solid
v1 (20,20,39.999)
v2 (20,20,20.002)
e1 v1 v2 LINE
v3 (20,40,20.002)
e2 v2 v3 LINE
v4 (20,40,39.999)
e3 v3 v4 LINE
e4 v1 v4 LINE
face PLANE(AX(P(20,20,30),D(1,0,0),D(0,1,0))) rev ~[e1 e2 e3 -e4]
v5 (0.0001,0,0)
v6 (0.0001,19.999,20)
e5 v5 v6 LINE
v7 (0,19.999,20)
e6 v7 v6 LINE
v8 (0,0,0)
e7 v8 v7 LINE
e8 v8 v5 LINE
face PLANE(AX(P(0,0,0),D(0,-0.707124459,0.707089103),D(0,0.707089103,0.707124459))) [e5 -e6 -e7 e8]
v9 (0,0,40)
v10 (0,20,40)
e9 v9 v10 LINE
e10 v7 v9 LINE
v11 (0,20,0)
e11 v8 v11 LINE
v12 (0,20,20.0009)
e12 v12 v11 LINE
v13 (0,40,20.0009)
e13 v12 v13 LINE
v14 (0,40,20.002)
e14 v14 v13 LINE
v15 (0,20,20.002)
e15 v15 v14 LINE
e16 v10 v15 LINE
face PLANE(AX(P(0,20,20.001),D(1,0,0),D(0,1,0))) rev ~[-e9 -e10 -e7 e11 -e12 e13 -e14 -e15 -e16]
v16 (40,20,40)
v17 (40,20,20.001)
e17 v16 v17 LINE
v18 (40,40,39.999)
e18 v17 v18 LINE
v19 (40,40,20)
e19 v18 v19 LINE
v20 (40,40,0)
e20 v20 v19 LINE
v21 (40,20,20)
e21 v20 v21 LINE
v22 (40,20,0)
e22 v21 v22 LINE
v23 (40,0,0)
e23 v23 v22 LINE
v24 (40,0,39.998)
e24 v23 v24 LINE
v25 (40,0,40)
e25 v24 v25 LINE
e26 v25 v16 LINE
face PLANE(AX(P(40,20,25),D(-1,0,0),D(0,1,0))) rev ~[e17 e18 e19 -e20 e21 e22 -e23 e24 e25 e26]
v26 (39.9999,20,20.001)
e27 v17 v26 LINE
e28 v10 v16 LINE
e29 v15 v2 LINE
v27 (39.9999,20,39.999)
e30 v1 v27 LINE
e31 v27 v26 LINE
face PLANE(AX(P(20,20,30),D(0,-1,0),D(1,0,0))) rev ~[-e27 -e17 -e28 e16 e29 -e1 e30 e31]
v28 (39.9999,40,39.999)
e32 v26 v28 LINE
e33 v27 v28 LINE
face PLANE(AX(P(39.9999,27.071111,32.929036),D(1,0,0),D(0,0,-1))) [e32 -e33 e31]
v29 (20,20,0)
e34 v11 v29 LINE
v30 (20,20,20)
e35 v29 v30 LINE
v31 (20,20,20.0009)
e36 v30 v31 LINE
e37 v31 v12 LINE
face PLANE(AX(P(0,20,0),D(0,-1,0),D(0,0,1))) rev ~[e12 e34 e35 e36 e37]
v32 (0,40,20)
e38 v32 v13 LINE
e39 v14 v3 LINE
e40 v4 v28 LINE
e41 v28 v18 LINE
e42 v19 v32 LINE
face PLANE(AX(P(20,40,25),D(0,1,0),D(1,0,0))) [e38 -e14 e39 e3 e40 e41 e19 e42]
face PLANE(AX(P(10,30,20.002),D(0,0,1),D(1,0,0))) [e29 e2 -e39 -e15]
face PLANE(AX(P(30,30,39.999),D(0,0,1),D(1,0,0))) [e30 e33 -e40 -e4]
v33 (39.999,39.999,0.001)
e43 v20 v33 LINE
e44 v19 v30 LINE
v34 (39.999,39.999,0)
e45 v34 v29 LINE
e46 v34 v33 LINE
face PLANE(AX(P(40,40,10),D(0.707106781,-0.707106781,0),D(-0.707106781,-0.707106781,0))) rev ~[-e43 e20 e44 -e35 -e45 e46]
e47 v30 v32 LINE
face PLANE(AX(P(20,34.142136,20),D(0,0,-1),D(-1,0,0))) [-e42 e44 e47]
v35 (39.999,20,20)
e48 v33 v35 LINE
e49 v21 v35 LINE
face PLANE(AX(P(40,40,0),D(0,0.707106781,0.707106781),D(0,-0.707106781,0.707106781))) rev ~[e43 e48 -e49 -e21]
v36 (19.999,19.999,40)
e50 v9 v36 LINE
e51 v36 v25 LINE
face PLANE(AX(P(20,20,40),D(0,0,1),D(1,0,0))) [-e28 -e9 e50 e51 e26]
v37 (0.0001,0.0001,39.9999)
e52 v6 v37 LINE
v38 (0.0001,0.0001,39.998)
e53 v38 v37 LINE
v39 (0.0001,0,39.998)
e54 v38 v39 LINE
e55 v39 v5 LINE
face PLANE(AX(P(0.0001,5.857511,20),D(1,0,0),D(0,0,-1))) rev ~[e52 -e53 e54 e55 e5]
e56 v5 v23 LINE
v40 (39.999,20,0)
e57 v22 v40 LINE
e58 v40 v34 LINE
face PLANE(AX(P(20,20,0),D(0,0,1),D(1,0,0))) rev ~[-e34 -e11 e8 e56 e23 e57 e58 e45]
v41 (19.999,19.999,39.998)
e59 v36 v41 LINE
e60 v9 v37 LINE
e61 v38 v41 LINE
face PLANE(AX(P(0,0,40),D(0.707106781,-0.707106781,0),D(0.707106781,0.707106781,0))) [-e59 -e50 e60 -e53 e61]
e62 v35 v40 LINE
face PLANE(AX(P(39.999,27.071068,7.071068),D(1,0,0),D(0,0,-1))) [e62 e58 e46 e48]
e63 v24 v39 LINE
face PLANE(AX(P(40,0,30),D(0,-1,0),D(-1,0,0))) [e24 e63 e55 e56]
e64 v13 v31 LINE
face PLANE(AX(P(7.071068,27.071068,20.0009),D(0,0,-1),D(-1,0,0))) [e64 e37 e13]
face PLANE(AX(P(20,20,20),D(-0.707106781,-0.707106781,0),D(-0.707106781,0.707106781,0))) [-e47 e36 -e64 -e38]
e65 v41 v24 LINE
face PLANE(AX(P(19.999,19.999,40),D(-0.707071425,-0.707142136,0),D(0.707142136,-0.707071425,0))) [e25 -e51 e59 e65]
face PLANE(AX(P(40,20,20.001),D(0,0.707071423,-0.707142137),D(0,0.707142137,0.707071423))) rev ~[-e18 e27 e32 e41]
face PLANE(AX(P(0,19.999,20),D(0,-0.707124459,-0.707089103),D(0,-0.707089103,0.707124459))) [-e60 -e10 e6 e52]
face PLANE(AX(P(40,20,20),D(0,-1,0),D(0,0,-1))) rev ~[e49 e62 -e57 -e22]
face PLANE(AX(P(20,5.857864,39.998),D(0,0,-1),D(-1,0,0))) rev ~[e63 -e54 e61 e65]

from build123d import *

# Parameters (mm, degrees)
SKETCH1_W           = 40
SKETCH1_H           = 40
BOSS_EXTRUDE1_DEPTH = 40
SKETCH2_W           = 20
SKETCH2_H           = 20
CUT_EXTRUDE1_DEPTH  = 20
SKETCH3_W           = 20
SKETCH3_H           = 20
CUT_EXTRUDE2_DEPTH  = 10
CUT_EXTRUDE7_DEPTH  = 10
SKETCH8_W           = 20
SKETCH8_H           = 20
BOSS_EXTRUDE2_DEPTH = 10
CUT_EXTRUDE8_DEPTH  = 10
SKETCH10_W          = 20
SKETCH10_H          = 20
CUT_EXTRUDE9_DEPTH  = 5
CUT_EXTRUDE13_DEPTH = 10
SKETCH13_W          = 20
SKETCH13_H          = 20
CUT_EXTRUDE15_DEPTH = 20
CUT_EXTRUDE16_DEPTH = 0.001
CUT_EXTRUDE21_DEPTH = 0.001
SKETCH17_W          = 20
SKETCH17_H          = 20
BOSS_EXTRUDE5_DEPTH = 14.999
CUT_EXTRUDE23_DEPTH = 0.0001
BOSS_EXTRUDE6_DEPTH = 0.0001
SKETCH21_W          = 20
SKETCH21_H          = 20
CUT_EXTRUDE25_DEPTH = 9.998
BOSS_EXTRUDE7_DEPTH = 9.998
CUT_EXTRUDE26_DEPTH = 0.0001


with BuildPart() as part:
    # Sketch1 → Boss-Extrude1 (new body)
    with BuildSketch(Plane.XY):
        with Locations((20, 20)):
            Rectangle(SKETCH1_W, SKETCH1_H)
    extrude(amount=BOSS_EXTRUDE1_DEPTH)

    # Sketch2 → Cut-Extrude1 (cut)
    with BuildSketch(Plane.XY.offset(40)):
        with Locations((30, 30)):
            Rectangle(SKETCH2_W, SKETCH2_H)
    extrude(amount=-CUT_EXTRUDE1_DEPTH, mode=Mode.SUBTRACT)

    # Sketch3 → Cut-Extrude2 (cut)
    with BuildSketch(Plane.XY.offset(40)):
        with Locations((10, 30)):
            Rectangle(SKETCH3_W, SKETCH3_H)
    extrude(amount=-CUT_EXTRUDE2_DEPTH, mode=Mode.SUBTRACT)

    # Sketch7 → Cut-Extrude7 (cut)
    with BuildSketch(Plane(origin=(0, 0, 0), x_dir=(-1, 0, 0), z_dir=(0, 0, -1))):
        Polygon((-40, 40), (-20, 20), (0, 40), align=None)
    extrude(amount=-CUT_EXTRUDE7_DEPTH, mode=Mode.SUBTRACT)

    # Sketch8 → Boss-Extrude2 (add)
    with BuildSketch(Plane.XY.offset(20)):
        with Locations((30, 30)):
            Rectangle(SKETCH8_W, SKETCH8_H)
    extrude(amount=BOSS_EXTRUDE2_DEPTH)

    # Sketch9 → Cut-Extrude8 (cut)
    with BuildSketch(Plane(origin=(0, 0, 10), x_dir=(-1, 0, 0), z_dir=(0, 0, -1))):
        Polygon((-40, 40), (-20, 20), (0, 40), align=None)
    extrude(amount=-CUT_EXTRUDE8_DEPTH, mode=Mode.SUBTRACT)

    # Sketch10 → Cut-Extrude9 (cut)
    with BuildSketch(Plane.XY.offset(30)):
        with Locations((30, 30)):
            Rectangle(SKETCH10_W, SKETCH10_H)
    extrude(amount=-CUT_EXTRUDE9_DEPTH, mode=Mode.SUBTRACT)

    # Sketch12 → Cut-Extrude13 (cut)
    with BuildSketch(Plane.XY.offset(40)):
        Polygon((0, 0), (19.999, 19.999), (40, 0), align=None)
    extrude(amount=-CUT_EXTRUDE13_DEPTH, mode=Mode.SUBTRACT)

    # Sketch13 → Cut-Extrude15 (cut)
    with BuildSketch(Plane.ZY):
        with Locations((10, 30)):
            Rectangle(SKETCH13_W, SKETCH13_H)
    extrude(amount=-CUT_EXTRUDE15_DEPTH, mode=Mode.SUBTRACT)

    # Sketch14 → Cut-Extrude16 (cut)
    with BuildSketch(Plane(origin=(0, 0, 20), x_dir=(-1, 0, 0), z_dir=(0, 0, -1))):
        Polygon((-20, 20), (0, 40), (0, 20), align=None)
    extrude(amount=-CUT_EXTRUDE16_DEPTH, mode=Mode.SUBTRACT)

    # Sketch16 → Cut-Extrude21 (cut)
    with BuildSketch(Plane(origin=(40, 0, 0), x_dir=(0, 0, -1), z_dir=(1, 0, 0))):
        Polygon((0, 40), (-20, 20), (0, 20), align=None)
    extrude(amount=-CUT_EXTRUDE21_DEPTH, mode=Mode.SUBTRACT)

    # Sketch17 → Boss-Extrude5 (add)
    with BuildSketch(Plane.XY.offset(25)):
        with Locations((30, 30)):
            Rectangle(SKETCH17_W, SKETCH17_H)
    extrude(amount=BOSS_EXTRUDE5_DEPTH)

    # Sketch18 → Cut-Extrude23 (cut)
    with BuildSketch(Plane(origin=(40, 0, 0), x_dir=(0, 0, -1), z_dir=(1, 0, 0))):
        Polygon((-40, 20), (-20.001, 20), (-39.999, 40), align=None)
    extrude(amount=-CUT_EXTRUDE23_DEPTH, mode=Mode.SUBTRACT)

    # Sketch20 → Boss-Extrude6 (add)
    with BuildSketch(Plane(origin=(0, 0, 20.001), x_dir=(-1, 0, 0), z_dir=(0, 0, -1))):
        Polygon((-20, 20), (0, 20), (0, 40), align=None)
    extrude(amount=BOSS_EXTRUDE6_DEPTH)

    # Sketch21 → Cut-Extrude25 (cut)
    with BuildSketch(Plane.XY.offset(30)):
        with Locations((10, 30)):
            Rectangle(SKETCH21_W, SKETCH21_H)
    extrude(amount=-CUT_EXTRUDE25_DEPTH, mode=Mode.SUBTRACT)

    # Sketch22 → Boss-Extrude7 (add)
    with BuildSketch(Plane.XY.offset(30)):
        Polygon((0, 0), (20, 20), (40, 0), align=None)
    extrude(amount=BOSS_EXTRUDE7_DEPTH)

    # Sketch23 → Cut-Extrude26 (cut)
    with BuildSketch(Plane.ZY):
        Polygon((0, 0), (20, 19.999), (40, 0), align=None)
    extrude(amount=-CUT_EXTRUDE26_DEPTH, mode=Mode.SUBTRACT)


solid = part.part
